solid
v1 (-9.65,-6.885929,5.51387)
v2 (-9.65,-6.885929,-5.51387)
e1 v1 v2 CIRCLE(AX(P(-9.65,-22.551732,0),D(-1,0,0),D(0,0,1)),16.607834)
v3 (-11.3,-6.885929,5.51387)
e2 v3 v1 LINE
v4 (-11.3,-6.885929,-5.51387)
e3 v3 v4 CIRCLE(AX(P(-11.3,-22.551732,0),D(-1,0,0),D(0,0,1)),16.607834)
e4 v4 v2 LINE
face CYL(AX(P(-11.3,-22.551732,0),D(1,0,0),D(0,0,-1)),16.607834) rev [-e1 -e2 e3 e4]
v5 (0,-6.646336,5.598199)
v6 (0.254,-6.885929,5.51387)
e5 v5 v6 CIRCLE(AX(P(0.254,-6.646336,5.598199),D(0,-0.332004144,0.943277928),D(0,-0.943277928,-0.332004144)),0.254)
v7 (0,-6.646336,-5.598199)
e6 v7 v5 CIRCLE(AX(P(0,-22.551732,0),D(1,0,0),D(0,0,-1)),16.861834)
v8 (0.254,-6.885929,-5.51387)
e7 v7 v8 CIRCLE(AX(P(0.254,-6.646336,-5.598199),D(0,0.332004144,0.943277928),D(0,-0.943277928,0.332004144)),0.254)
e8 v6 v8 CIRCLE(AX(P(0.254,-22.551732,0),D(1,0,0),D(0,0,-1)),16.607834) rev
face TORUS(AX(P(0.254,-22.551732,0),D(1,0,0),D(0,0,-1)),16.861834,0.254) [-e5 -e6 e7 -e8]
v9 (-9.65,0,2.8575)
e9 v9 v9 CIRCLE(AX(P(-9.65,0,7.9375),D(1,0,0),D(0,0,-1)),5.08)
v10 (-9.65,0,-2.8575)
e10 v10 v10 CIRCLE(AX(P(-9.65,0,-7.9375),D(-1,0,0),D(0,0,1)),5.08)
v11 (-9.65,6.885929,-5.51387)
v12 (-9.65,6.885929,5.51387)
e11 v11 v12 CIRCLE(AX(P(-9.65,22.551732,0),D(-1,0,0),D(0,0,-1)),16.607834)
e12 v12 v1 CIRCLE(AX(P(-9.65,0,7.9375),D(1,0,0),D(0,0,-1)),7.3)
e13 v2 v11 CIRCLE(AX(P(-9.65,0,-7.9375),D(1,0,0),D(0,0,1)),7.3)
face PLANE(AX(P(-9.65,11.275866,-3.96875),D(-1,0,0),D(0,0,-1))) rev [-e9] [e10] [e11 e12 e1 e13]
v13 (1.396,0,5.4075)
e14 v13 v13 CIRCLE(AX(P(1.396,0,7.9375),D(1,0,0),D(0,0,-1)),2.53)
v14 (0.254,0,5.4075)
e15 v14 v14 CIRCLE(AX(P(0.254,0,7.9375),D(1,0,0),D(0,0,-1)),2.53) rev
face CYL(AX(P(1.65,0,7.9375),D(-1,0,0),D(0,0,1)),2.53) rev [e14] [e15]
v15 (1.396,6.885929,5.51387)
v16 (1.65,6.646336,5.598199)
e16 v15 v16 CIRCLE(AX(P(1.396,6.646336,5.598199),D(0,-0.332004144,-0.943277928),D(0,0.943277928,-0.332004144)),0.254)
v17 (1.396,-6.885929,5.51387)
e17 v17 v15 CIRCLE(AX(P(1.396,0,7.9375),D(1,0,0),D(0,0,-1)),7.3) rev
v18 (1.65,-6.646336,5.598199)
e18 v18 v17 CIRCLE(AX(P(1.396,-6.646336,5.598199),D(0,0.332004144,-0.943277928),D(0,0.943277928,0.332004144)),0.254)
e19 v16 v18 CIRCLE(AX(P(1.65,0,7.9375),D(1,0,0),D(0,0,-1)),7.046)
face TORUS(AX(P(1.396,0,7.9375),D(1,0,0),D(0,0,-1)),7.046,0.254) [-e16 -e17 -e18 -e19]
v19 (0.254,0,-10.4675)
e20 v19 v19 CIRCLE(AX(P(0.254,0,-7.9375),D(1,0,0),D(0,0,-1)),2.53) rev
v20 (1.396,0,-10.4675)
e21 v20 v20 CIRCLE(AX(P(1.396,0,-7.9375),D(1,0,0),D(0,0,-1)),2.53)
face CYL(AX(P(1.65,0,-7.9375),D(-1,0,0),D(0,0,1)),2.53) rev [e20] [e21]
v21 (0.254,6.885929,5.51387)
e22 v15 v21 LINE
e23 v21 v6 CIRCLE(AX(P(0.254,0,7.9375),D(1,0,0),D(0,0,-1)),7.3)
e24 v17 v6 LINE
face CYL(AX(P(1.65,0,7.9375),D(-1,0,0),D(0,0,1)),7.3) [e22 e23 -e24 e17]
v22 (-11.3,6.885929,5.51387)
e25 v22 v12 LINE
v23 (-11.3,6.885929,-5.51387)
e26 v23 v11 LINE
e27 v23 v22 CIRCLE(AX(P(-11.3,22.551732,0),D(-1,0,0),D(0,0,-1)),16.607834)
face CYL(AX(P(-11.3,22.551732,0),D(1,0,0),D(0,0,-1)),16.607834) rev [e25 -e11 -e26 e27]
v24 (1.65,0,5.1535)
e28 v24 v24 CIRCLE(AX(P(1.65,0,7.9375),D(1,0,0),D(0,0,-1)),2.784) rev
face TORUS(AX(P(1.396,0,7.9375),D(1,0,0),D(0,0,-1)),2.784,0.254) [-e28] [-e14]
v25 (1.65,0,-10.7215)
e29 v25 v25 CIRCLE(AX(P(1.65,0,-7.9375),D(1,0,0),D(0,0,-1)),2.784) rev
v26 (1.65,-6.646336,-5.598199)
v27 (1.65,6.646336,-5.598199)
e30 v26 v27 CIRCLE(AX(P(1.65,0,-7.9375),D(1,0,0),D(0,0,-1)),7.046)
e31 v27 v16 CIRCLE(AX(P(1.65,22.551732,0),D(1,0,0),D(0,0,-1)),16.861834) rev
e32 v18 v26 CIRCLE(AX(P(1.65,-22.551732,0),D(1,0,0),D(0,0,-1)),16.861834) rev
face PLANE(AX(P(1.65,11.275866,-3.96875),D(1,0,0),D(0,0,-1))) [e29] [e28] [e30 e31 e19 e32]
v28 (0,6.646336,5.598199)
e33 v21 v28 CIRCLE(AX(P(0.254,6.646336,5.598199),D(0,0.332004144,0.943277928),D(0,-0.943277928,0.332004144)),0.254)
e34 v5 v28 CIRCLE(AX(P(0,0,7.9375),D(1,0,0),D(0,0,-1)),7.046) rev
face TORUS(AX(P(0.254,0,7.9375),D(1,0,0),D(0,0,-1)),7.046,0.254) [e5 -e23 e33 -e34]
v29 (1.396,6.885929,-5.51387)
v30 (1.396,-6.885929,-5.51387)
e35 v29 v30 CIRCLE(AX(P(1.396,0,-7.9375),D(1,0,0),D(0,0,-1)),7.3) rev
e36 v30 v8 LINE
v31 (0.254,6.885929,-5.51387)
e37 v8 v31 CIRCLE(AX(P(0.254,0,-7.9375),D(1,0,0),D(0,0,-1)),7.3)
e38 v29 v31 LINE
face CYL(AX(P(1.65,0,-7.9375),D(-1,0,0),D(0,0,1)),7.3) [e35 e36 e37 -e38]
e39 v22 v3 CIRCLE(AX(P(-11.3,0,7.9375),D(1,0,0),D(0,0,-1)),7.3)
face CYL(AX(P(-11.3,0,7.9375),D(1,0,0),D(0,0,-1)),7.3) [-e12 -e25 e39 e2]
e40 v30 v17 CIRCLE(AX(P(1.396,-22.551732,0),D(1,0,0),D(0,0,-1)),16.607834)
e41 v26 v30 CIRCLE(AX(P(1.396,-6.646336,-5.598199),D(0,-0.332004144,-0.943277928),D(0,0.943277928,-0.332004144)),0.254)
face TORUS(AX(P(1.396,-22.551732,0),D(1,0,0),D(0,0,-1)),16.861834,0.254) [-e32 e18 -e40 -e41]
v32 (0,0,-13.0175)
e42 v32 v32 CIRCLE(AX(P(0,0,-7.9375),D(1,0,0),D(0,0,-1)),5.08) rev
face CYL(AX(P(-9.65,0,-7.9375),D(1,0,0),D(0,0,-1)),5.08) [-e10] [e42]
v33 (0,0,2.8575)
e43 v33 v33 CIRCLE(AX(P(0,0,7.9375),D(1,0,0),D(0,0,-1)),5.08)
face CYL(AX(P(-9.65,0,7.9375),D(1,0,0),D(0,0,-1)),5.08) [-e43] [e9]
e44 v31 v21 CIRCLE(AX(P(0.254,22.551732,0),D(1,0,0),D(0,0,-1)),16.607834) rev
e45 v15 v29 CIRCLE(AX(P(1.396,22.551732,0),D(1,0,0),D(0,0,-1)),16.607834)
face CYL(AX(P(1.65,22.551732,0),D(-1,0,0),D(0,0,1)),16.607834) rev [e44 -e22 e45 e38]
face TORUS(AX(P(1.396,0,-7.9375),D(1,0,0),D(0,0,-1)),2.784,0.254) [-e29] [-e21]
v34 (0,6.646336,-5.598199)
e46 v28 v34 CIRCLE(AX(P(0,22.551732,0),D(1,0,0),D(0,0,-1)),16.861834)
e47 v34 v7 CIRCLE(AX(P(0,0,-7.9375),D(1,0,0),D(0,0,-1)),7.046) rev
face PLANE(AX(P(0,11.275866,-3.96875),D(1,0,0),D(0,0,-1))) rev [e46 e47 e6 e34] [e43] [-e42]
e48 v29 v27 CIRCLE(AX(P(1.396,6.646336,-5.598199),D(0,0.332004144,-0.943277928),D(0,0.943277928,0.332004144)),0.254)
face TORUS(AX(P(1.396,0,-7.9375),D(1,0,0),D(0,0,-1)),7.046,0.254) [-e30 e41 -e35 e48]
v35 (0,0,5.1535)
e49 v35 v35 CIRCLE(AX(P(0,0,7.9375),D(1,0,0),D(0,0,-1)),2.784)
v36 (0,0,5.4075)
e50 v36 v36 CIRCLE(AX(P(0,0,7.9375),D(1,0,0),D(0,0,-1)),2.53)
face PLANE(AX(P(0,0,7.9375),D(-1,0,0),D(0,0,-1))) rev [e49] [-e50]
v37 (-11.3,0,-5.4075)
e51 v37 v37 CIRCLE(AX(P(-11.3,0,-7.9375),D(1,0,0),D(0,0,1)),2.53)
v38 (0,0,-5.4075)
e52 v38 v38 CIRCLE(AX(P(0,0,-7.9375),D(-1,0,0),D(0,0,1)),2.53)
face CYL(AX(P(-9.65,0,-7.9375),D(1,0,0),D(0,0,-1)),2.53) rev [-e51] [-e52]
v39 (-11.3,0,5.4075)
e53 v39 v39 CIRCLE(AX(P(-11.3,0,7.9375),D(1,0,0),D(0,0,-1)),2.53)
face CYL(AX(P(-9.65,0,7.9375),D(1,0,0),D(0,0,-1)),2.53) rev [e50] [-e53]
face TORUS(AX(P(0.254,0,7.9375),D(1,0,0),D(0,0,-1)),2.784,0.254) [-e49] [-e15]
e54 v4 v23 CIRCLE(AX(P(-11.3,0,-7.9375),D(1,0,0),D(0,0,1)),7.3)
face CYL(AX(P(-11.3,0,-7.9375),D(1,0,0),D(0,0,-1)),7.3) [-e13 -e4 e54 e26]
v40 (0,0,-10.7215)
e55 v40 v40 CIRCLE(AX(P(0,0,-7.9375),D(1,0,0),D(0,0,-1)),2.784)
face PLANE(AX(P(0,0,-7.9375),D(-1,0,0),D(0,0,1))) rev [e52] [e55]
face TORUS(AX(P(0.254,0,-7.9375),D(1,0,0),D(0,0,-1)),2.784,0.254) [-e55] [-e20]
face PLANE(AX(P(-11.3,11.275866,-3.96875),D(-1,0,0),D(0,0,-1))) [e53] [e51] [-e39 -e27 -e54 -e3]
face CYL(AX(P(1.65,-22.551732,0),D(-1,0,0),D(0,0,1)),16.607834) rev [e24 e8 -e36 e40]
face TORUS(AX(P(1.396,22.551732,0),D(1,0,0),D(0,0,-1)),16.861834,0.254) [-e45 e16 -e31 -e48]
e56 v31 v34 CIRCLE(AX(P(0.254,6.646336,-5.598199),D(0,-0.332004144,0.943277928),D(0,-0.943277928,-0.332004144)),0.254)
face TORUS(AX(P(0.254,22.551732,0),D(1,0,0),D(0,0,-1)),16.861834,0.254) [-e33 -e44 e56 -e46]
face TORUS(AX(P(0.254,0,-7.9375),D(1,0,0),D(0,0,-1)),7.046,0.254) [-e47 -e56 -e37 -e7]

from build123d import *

# Parameters (mm, degrees)
SKETCH1_R           = 2.53
BOSS_EXTRUDE1_DEPTH = 1.65
FILLET1_R           = 0.254
BOSS_EXTRUDE2_START = 9.65
SKETCH2_R           = 5.08
SKETCH2_R_2         = 2.53
BOSS_EXTRUDE2_DEPTH = 9.65


with BuildPart() as part:
    # Sketch1 → Boss-Extrude1 (new body)
    with BuildSketch(Plane(origin=(0, 0, 0), x_dir=(0, 0, -1), z_dir=(1, 0, 0))):
        with BuildLine():
            ThreePointArc((-5.513869751, 6.885928871), (-15.2375, 0), (-5.513869751, -6.885928871))
            ThreePointArc((-5.513869751, -6.885928871), (0, -5.943898099), (5.513869751, -6.885928871))
            ThreePointArc((5.513869751, -6.885928871), (15.2375, 0), (5.513869751, 6.885928871))
            ThreePointArc((5.513869751, 6.885928871), (0, 5.943898099), (-5.513869751, 6.885928871))
        make_face()
        with Locations((-7.9375, 0)):
            Circle(SKETCH1_R, mode=Mode.SUBTRACT)
        with Locations(Location((7.9375, 0, 0), (0, 0, 180))):
            Circle(SKETCH1_R, mode=Mode.SUBTRACT)
    boss_extrude1 = extrude(amount=BOSS_EXTRUDE1_DEPTH)

    # Fillet1
    fillet1_edges = [part.edges().sort_by_distance(p)[0] for p in [
        (0, 0, 10.4675),
        (1.65, 0, 10.4675),
        (1.65, -5.943898099, 0),
        (0, 0, -10.4675),
        (1.65, 0, -10.4675),
        (1.65, 0, -15.2375),
        (1.65, 5.943898099, 0),
        (0, 0, -15.2375),
        (0, -5.943898099, 0),
        (0, 0, 15.2375),
        (0, 5.943898099, 0),
        (1.65, 0, 15.2375),
    ]]
    fillet(fillet1_edges, radius=FILLET1_R)

    # Sketch2 → Boss-Extrude2 (add)
    with BuildSketch(Plane.ZY.offset(BOSS_EXTRUDE2_START)):
        with Locations(Location((-7.9375, 0, 0), (0, 0, 180))):
            Circle(SKETCH2_R)
        with Locations(Location((-7.9375, 0, 0), (0, 0, 180))):
            Circle(SKETCH2_R_2, mode=Mode.SUBTRACT)
    boss_extrude2 = extrude(amount=-BOSS_EXTRUDE2_DEPTH)

    # Mirror2: Boss-Extrude2 across plane
    add(boss_extrude2.mirror(Plane.XY))

    # Mirror3: Boss-Extrude1 across plane
    add(boss_extrude1.mirror(Plane.ZY.offset(4.825)))


solid = part.part
